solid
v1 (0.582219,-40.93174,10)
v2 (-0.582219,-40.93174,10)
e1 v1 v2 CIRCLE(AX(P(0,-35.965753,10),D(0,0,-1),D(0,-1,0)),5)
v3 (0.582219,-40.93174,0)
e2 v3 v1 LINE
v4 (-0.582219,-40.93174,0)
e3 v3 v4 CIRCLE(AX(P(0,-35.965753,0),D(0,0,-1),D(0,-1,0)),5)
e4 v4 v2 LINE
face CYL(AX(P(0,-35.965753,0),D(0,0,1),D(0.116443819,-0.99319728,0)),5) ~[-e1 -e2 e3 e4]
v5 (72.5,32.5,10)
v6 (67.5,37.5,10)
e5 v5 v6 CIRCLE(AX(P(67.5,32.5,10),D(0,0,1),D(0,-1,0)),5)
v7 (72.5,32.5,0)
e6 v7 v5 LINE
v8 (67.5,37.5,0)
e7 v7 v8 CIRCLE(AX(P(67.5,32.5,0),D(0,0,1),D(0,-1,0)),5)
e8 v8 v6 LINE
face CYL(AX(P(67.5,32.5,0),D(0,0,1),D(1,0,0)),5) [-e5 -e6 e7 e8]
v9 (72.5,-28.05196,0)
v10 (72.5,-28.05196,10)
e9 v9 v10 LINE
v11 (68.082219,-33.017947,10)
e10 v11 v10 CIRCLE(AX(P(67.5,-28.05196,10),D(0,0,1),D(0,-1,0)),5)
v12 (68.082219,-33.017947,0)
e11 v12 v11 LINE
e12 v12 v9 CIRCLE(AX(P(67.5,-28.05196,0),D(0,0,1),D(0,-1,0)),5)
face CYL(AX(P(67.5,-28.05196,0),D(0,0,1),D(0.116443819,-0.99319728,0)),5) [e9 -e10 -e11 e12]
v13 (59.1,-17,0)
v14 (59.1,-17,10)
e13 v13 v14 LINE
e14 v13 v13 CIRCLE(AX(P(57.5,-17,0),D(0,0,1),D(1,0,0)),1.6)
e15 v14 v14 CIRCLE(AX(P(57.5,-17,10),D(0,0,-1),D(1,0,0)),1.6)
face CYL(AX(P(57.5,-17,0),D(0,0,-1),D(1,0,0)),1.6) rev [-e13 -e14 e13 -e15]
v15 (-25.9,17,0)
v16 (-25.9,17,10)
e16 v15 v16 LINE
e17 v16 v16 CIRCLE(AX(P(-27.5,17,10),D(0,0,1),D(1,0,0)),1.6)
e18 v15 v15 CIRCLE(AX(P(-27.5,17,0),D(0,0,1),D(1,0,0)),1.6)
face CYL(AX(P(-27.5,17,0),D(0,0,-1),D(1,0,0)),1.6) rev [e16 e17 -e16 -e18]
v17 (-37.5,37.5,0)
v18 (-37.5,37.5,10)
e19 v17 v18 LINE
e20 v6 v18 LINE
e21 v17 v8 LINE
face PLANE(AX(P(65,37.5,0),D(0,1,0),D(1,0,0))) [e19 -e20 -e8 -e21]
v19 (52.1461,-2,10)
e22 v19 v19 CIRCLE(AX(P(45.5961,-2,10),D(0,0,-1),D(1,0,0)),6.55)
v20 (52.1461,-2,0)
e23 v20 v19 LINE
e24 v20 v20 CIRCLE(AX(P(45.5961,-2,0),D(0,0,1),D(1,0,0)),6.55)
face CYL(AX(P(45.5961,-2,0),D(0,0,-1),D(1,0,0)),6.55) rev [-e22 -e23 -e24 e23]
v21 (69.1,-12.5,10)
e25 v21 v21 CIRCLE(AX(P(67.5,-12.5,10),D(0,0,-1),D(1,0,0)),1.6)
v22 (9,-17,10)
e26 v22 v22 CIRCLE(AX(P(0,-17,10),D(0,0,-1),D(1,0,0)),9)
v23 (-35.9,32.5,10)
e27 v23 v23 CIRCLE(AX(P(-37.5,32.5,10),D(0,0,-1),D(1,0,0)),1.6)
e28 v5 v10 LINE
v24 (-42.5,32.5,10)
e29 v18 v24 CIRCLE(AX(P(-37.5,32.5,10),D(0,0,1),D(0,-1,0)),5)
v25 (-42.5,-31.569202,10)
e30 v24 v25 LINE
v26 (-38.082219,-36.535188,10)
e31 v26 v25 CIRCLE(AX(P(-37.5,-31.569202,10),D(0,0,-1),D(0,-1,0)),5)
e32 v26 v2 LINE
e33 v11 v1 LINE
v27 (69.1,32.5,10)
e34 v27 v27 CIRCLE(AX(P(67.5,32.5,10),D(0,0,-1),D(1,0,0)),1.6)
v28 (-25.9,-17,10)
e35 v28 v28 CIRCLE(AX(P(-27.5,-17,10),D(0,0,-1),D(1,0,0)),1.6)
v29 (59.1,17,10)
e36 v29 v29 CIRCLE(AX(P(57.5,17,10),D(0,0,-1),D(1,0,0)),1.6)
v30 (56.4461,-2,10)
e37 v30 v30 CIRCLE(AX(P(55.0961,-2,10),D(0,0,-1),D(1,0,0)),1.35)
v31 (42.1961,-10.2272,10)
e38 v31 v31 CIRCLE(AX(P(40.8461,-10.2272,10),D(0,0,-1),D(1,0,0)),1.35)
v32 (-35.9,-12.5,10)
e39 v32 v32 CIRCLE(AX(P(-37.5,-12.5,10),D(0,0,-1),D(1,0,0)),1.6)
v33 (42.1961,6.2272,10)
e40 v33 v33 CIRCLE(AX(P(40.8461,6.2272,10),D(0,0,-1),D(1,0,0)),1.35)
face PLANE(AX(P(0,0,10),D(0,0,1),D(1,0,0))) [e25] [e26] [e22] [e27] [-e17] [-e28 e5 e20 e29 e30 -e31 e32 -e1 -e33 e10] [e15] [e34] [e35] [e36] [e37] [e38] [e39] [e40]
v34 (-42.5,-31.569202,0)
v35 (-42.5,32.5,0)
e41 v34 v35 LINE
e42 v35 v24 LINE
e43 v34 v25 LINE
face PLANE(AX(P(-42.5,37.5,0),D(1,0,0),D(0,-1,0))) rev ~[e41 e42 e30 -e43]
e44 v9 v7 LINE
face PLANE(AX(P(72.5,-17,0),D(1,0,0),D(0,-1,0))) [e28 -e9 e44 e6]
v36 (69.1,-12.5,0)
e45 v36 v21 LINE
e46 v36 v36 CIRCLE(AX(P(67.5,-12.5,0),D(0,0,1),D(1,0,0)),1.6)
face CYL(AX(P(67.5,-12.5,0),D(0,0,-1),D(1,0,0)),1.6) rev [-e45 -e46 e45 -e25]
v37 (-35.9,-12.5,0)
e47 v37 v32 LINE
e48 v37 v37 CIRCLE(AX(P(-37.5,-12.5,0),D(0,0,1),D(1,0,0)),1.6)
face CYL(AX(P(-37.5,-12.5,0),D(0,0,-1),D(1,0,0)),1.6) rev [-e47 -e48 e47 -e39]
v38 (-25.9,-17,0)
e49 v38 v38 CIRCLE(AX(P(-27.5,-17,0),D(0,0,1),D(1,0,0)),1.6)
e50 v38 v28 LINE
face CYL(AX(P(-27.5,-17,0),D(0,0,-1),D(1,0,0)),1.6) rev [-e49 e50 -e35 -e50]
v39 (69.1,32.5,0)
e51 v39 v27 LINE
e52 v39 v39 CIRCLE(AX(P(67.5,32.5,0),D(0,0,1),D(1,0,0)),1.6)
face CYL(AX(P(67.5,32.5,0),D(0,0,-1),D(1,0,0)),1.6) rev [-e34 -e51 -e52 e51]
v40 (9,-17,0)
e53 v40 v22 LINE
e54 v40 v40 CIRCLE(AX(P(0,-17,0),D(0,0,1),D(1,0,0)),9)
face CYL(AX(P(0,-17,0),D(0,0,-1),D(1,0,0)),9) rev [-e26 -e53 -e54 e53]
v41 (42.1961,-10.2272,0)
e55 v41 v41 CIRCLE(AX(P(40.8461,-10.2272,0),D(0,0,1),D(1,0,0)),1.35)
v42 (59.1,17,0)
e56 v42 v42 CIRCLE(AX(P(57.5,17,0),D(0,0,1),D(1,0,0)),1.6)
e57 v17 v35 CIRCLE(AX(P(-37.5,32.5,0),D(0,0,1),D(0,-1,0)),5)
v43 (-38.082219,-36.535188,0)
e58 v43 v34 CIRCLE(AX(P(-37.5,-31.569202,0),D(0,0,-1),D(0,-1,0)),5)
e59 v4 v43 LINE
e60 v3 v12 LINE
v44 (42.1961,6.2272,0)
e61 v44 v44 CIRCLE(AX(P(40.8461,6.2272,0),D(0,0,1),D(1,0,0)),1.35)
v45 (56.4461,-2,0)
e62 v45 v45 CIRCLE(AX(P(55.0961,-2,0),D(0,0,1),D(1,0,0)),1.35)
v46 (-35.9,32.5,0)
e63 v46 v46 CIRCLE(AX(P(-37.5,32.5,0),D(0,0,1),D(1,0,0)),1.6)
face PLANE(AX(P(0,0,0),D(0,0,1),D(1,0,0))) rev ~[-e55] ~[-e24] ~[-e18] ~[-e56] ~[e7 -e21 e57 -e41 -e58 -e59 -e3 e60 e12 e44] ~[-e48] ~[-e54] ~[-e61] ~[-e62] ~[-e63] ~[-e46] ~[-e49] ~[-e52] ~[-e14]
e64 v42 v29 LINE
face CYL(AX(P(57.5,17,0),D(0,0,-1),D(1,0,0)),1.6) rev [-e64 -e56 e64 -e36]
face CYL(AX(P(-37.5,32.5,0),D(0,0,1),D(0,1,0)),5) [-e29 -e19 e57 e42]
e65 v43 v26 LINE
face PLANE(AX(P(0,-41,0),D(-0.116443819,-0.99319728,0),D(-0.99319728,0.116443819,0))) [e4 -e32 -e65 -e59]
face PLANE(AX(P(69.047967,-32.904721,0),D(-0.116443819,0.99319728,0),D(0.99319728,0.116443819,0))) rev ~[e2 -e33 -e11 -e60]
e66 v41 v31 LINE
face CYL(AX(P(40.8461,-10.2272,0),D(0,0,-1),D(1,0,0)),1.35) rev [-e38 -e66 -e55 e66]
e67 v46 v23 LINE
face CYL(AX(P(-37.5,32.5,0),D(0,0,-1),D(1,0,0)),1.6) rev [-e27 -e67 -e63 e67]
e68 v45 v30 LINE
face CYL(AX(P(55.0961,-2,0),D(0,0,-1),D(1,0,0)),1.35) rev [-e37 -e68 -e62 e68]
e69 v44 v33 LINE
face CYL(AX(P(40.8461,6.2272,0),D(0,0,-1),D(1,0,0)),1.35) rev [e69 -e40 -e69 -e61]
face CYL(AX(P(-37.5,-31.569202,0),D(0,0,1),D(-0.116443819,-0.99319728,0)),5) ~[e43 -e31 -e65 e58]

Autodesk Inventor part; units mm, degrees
ref_plane "YZ Plane" through (0, 0, 0) normal (1, 0, 0) x (0, 1, 0)
ref_plane "XZ Plane" through (0, 0, 0) normal (0, 1, 0) x (-1, 0, 0)
ref_plane "XY Plane" through (0, 0, 0) normal (0, 0, 1) x (1, 0, 0)
sketch "スケッチ1" plane through (0, 0, 0) normal (0, 0, 1) x (1, 0, 0)
  point P0 (0, 0)
sketch "スケッチ2" plane through (0, 0, 0) normal (0, 0, 1) x (1, 0, 0)
  line L0 (72.5, -37.5) -> (-72.5, -37.5)
  line L1 (-72.5, -37.5) -> (-72.5, 37.5)
  line L2 (-72.5, 37.5) -> (72.5, 37.5)
  line L3 (72.5, 37.5) -> (72.5, -37.5)
  line L4 (72.5, -37.5) -> (-72.5, 37.5) construction
  line L5 (-72.5, -37.5) -> (72.5, 37.5) construction
  circle A0 centre (-48, -17) radius 6.05
  circle A1 centre (-48, -17) radius 9
  circle A2 centre (-57, -17) radius 1.6
  circle A3 centre (-48, -26) radius 1.6
  circle A4 centre (-39, -17) radius 1.6
  circle A5 centre (-48, -8) radius 1.6
  line L6 (67.5, 32.5) -> (-67.5, 32.5)
  line L7 (-67.5, 32.5) -> (-67.5, -32.5)
  line L8 (-67.5, -32.5) -> (67.5, -32.5)
  line L9 (67.5, -32.5) -> (67.5, 32.5)
  line L10 (-67.5, 32.5) -> (-67.5, 12.5) construction
  line L11 (-69.1, 32.5) -> (-69.1, 12.5)
  line L12 (-65.9, 12.5) -> (-65.9, 32.5)
  arc A6 (-65.9, 32.5) -> (-69.1, 32.5) centre (-67.5, 32.5) ccw
  arc A7 (-69.1, 12.5) -> (-65.9, 12.5) centre (-67.5, 12.5) ccw
  line L13 (-67.5, 32.5) -> (-47.5, 32.5) construction
  line L14 (-67.5, -32.5) -> (-67.5, -12.5) construction
  line L15 (-65.9, -32.5) -> (-65.9, -12.5)
  line L16 (-69.1, -12.5) -> (-69.1, -32.5)
  arc A8 (-69.1, -32.5) -> (-65.9, -32.5) centre (-67.5, -32.5) ccw
  arc A9 (-65.9, -12.5) -> (-69.1, -12.5) centre (-67.5, -12.5) ccw
  line L17 (-67.5, -32.5) -> (-47.5, -32.5) construction
  line L18 (67.5, 32.5) -> (105, 32.5) construction
  line L19 (-72.5, -17) -> (72.5, -17)
  circle A10 centre (0, -17) radius 9
  circle A11 centre (0, -17) radius 39
  line L20 (-65, 37.5) -> (65, 37.5)
  line L21 (65, 37.5) -> (65, 32.5)
  line L22 (65, 32.5) -> (-65, 32.5)
  line L23 (-65, 32.5) -> (-65, 37.5)
  line L24 (-65, 32.5) -> (0, 0)
  line L25 (0, 0) -> (65, 32.5)
  line L26 (-72.5, 0) -> (72.5, 0)
  line L27 (72.5, 0) -> (72.5, -47.5)
  line L28 (72.5, -47.5) -> (-72.5, -47.5)
  line L29 (-72.5, -47.5) -> (-72.5, 0)
  circle A12 centre (-67.5, 32.5) radius 1.6
  circle A13 centre (-67.5, -12.5) radius 1.6
  line L30 (0, 37.5) -> (0, -47.5)
  line L31 (67.5, 32.5) -> (67.5, 12.5) construction
  line L32 (69.1, 32.5) -> (69.1, 12.5)
  line L33 (65.9, 12.5) -> (65.9, 32.5)
  arc A14 (69.1, 32.5) -> (65.9, 32.5) centre (67.5, 32.5) ccw
  arc A15 (65.9, 12.5) -> (69.1, 12.5) centre (67.5, 12.5) ccw
  line L34 (67.5, -32.5) -> (67.5, -12.5) construction
  line L35 (65.9, -32.5) -> (65.9, -12.5)
  line L36 (69.1, -12.5) -> (69.1, -32.5)
  arc A16 (65.9, -32.5) -> (69.1, -32.5) centre (67.5, -32.5) ccw
  arc A17 (69.1, -12.5) -> (65.9, -12.5) centre (67.5, -12.5) ccw
  circle A18 centre (67.5, 32.5) radius 1.6
  circle A19 centre (67.5, -12.5) radius 1.6
  circle A20 centre (-57.5, -17) radius 1.6
  circle A21 centre (-57.5, 17) radius 1.6
  circle A22 centre (57.5, -17) radius 1.6
  circle A23 centre (57.5, 17) radius 1.6
  circle A24 centre (45.5961, -2) radius 6.55
  circle A25 centre (45.5961, -2) radius 9.5
  circle A26 centre (55.0961, -2) radius 1.35
  circle A27 centre (40.8461, 6.2272) radius 1.35
  circle A28 centre (40.8461, -10.2272) radius 1.35
  circle A29 centre (45.5961, -2) radius 24
  circle A30 centre (0, -17) radius 24
  line L37 (69.5961, -2) -> (21.5961, -2)
  line L38 (0, -41) -> (-72.5, -32.5)
  line L39 (0, -41) -> (72.5, -32.5)
  circle A31 centre (-37.5, -12.5) radius 1.6
  circle A32 centre (-27.5, -17) radius 1.6
  circle A33 centre (-37.5, 32.5) radius 1.6
  circle A34 centre (-27.5, 17) radius 1.6
  line L40 (-42.5, 37.5) -> (-42.5, -47.5)
  circle A35 centre (45.5961, -2) radius 12.2
  point P0 (-67.5, 22.5)
  point P1 (-67.5, -22.5)
  point P2 (-39.1422, -18.5937)
  point P3 (-39.1422, -15.4063)
  point P4 (65, 37.5)
  point P5 (67.5, 22.5)
  point P6 (67.5, -22.5)
  point P7 (-65.9, -12.5)
  point P8 (-69.1, 32.5)
  point P9 (-65, 32.5)
  point P10 (36, -2)
  point P11 (38.741, -15.0124)
  point P12 (33.8387, -0.1107)
  point P13 (63.5912, 34.2414)
  point P14 (65, 36.6)
  point P15 (-65, 36.6)
  point P16 (-63.5912, 34.2414)
  point P17 (-5.5513, -40.3492)
  point P18 (5.5513, -40.3492)
  point P19 (72.5, -32.5)
  point P20 (25.3223, 12.6611)
  point P21 (-25.3223, 12.6611)
  point P22 (-72.5, -32.5)
  point P23 (-42.5, 37.5)
  point P24 (-42.5, -36.0172)
  dimension "d15" = 18
  dimension "d56" = 19
  dimension "d60" = 48
  dimension "d0" = 145
  dimension "d1" = 75
  dimension "d5" = 12.1
  dimension "d16" = 3.2
  dimension "d19" = 360
  dimension "d21" = 5
  dimension "d22" = 20
  dimension "d23" = 90
  dimension "d24" = 3.2
  dimension "d25" = 20
  dimension "d26" = 90
  dimension "d27" = 3.2
  dimension "d36" = 20.5
  dimension "d37" = 18
  dimension "d38" = 78
  dimension "d40" = 48
  dimension "d43" = 130
  dimension "d44" = 65
  dimension "d46" = 47.5
  dimension "d47" = 3.2
  dimension "d48" = 3.2
  dimension "d49" = 10
  dimension "d50" = 10
  dimension "d51" = 17
  dimension "d52" = 17
  dimension "d55" = 13.1
  dimension "d57" = 2.7
  dimension "d58" = 360
  dimension "d59" = 48
  dimension "d62" = 15
  dimension "d65" = 30
  dimension "d70" = 30
  dimension "d71" = 24.4
extrude "押し出し1" add sketch "スケッチ2" along normal blind 10 contours L39 A16 L36 L19 L3 | L39 A30 L0 | L0 A30 L8 A11 L39 | A11 L8 A16 L39 | L19 L36 A17 A29 L26 L3 | L39 A16 L8 L9 L19 L36 | A30 L39 L30 L0 | L0 L30 L8 A30 | A11 A29 L19 L35 L8 | L8 A30 L19 A29 A11 | L26 A29 L9 A15 L32 A14 L6 L21 L2 L3 | L19 L9 A19 L36 | L30 L38 A30 L0 | L0 A30 L8 L30 | L8 L30 A10 L19 A30 | L35 L19 L9 L8 | A29 L19 A11 | A11 L19 A22 A29 | A29 L37 L9 L26 | L26 L9 A29 | L19 L35 A29 A19 L9 | A30 L38 L0 | L0 L38 A11 L8 A30 | L8 A30 L19 A10 L30 | A30 A29 L19 | L19 A10 L30 L26 A30 | L38 L40 L8 A11 | L19 A29 L35 | A11 A35 L37 L9 A17 L35 A29 L19 A22 | L19 A29 L37 A35 A11 | L21 L6 L30 L2 | L26 A35 A11 A29 L25 A23 L9 | L9 L37 A35 L26 | A29 A17 L9 L37 | A29 A23 L25 L6 L33 A15 L9 | L8 A11 A4 L19 A32 A30 | A30 L26 A29 | L8 L40 A1 A4 A11 | L35 A19 A29 | A35 L37 A11 A25 | A11 A25 A28 A26 L37 A35 | L30 L6 A33 L40 L2 | L25 A29 A11 L30 L6 | A35 L37 A26 A25 L26 | L26 A25 A27 A11 A35 | A15 L33 A18 L9 | L9 A18 L32 A15 | A30 L26 L30 A10 L19 | L19 A32 A4 A11 A31 L26 A30 | A29 L26 A35 L37 | A30 L25 A11 A29 L26 | L26 L25 A30 | A11 L19 A4 | A4 A1 A11 | A25 A11 | A11 A25 L37 A24 A26 A28 | A35 L26 A11 L37 | L30 A11 L24 L40 L6 A33 | L25 A29 | A25 A26 L37 A24 L26 | L26 A24 A25 A27 | A35 L26 A29 A11 | A11 L26 A35 | A30 L24 L26 | L26 A11 L24 A30 | L30 A30 L25 | L24 A30 L30 | A30 L30 A11 L25 | L40 A0 L19 A4 A1 | A4 L19 A1 | L19 A11 A4 | L19 A4 A1 | A1 A4 A11 | A11 L37 A25 | A11 L26 A25 L37 | L30 A30 L24 A11 | A29 A11 L25 | L26 L40 L24 A11 | A11 A31 A4 A1 L40 L26 | L40 L19 A0 | L19 A0 L40 A1 A4 | A25 L26 A24 L37 | L19 L40 A0 picked at (-42.3988, -18.41) picked at (-42.3988, -15.59)
fillet "フィレット1" radius 5 5 edges at (72.5, 37.5, 5) (72.5, -32.5, 5) (0, -41, 5) (-42.5, 37.5, 5) (-42.5, -36.0172, 5)
equation "\"d25\" = d22"
equation "\"d27\" = d24"
equation "\"d40\" = d39"
equation "\"d44\" = 0.5 * d43"
equation "\"d39\" = 48"
properties part number "small_plate_motor"
